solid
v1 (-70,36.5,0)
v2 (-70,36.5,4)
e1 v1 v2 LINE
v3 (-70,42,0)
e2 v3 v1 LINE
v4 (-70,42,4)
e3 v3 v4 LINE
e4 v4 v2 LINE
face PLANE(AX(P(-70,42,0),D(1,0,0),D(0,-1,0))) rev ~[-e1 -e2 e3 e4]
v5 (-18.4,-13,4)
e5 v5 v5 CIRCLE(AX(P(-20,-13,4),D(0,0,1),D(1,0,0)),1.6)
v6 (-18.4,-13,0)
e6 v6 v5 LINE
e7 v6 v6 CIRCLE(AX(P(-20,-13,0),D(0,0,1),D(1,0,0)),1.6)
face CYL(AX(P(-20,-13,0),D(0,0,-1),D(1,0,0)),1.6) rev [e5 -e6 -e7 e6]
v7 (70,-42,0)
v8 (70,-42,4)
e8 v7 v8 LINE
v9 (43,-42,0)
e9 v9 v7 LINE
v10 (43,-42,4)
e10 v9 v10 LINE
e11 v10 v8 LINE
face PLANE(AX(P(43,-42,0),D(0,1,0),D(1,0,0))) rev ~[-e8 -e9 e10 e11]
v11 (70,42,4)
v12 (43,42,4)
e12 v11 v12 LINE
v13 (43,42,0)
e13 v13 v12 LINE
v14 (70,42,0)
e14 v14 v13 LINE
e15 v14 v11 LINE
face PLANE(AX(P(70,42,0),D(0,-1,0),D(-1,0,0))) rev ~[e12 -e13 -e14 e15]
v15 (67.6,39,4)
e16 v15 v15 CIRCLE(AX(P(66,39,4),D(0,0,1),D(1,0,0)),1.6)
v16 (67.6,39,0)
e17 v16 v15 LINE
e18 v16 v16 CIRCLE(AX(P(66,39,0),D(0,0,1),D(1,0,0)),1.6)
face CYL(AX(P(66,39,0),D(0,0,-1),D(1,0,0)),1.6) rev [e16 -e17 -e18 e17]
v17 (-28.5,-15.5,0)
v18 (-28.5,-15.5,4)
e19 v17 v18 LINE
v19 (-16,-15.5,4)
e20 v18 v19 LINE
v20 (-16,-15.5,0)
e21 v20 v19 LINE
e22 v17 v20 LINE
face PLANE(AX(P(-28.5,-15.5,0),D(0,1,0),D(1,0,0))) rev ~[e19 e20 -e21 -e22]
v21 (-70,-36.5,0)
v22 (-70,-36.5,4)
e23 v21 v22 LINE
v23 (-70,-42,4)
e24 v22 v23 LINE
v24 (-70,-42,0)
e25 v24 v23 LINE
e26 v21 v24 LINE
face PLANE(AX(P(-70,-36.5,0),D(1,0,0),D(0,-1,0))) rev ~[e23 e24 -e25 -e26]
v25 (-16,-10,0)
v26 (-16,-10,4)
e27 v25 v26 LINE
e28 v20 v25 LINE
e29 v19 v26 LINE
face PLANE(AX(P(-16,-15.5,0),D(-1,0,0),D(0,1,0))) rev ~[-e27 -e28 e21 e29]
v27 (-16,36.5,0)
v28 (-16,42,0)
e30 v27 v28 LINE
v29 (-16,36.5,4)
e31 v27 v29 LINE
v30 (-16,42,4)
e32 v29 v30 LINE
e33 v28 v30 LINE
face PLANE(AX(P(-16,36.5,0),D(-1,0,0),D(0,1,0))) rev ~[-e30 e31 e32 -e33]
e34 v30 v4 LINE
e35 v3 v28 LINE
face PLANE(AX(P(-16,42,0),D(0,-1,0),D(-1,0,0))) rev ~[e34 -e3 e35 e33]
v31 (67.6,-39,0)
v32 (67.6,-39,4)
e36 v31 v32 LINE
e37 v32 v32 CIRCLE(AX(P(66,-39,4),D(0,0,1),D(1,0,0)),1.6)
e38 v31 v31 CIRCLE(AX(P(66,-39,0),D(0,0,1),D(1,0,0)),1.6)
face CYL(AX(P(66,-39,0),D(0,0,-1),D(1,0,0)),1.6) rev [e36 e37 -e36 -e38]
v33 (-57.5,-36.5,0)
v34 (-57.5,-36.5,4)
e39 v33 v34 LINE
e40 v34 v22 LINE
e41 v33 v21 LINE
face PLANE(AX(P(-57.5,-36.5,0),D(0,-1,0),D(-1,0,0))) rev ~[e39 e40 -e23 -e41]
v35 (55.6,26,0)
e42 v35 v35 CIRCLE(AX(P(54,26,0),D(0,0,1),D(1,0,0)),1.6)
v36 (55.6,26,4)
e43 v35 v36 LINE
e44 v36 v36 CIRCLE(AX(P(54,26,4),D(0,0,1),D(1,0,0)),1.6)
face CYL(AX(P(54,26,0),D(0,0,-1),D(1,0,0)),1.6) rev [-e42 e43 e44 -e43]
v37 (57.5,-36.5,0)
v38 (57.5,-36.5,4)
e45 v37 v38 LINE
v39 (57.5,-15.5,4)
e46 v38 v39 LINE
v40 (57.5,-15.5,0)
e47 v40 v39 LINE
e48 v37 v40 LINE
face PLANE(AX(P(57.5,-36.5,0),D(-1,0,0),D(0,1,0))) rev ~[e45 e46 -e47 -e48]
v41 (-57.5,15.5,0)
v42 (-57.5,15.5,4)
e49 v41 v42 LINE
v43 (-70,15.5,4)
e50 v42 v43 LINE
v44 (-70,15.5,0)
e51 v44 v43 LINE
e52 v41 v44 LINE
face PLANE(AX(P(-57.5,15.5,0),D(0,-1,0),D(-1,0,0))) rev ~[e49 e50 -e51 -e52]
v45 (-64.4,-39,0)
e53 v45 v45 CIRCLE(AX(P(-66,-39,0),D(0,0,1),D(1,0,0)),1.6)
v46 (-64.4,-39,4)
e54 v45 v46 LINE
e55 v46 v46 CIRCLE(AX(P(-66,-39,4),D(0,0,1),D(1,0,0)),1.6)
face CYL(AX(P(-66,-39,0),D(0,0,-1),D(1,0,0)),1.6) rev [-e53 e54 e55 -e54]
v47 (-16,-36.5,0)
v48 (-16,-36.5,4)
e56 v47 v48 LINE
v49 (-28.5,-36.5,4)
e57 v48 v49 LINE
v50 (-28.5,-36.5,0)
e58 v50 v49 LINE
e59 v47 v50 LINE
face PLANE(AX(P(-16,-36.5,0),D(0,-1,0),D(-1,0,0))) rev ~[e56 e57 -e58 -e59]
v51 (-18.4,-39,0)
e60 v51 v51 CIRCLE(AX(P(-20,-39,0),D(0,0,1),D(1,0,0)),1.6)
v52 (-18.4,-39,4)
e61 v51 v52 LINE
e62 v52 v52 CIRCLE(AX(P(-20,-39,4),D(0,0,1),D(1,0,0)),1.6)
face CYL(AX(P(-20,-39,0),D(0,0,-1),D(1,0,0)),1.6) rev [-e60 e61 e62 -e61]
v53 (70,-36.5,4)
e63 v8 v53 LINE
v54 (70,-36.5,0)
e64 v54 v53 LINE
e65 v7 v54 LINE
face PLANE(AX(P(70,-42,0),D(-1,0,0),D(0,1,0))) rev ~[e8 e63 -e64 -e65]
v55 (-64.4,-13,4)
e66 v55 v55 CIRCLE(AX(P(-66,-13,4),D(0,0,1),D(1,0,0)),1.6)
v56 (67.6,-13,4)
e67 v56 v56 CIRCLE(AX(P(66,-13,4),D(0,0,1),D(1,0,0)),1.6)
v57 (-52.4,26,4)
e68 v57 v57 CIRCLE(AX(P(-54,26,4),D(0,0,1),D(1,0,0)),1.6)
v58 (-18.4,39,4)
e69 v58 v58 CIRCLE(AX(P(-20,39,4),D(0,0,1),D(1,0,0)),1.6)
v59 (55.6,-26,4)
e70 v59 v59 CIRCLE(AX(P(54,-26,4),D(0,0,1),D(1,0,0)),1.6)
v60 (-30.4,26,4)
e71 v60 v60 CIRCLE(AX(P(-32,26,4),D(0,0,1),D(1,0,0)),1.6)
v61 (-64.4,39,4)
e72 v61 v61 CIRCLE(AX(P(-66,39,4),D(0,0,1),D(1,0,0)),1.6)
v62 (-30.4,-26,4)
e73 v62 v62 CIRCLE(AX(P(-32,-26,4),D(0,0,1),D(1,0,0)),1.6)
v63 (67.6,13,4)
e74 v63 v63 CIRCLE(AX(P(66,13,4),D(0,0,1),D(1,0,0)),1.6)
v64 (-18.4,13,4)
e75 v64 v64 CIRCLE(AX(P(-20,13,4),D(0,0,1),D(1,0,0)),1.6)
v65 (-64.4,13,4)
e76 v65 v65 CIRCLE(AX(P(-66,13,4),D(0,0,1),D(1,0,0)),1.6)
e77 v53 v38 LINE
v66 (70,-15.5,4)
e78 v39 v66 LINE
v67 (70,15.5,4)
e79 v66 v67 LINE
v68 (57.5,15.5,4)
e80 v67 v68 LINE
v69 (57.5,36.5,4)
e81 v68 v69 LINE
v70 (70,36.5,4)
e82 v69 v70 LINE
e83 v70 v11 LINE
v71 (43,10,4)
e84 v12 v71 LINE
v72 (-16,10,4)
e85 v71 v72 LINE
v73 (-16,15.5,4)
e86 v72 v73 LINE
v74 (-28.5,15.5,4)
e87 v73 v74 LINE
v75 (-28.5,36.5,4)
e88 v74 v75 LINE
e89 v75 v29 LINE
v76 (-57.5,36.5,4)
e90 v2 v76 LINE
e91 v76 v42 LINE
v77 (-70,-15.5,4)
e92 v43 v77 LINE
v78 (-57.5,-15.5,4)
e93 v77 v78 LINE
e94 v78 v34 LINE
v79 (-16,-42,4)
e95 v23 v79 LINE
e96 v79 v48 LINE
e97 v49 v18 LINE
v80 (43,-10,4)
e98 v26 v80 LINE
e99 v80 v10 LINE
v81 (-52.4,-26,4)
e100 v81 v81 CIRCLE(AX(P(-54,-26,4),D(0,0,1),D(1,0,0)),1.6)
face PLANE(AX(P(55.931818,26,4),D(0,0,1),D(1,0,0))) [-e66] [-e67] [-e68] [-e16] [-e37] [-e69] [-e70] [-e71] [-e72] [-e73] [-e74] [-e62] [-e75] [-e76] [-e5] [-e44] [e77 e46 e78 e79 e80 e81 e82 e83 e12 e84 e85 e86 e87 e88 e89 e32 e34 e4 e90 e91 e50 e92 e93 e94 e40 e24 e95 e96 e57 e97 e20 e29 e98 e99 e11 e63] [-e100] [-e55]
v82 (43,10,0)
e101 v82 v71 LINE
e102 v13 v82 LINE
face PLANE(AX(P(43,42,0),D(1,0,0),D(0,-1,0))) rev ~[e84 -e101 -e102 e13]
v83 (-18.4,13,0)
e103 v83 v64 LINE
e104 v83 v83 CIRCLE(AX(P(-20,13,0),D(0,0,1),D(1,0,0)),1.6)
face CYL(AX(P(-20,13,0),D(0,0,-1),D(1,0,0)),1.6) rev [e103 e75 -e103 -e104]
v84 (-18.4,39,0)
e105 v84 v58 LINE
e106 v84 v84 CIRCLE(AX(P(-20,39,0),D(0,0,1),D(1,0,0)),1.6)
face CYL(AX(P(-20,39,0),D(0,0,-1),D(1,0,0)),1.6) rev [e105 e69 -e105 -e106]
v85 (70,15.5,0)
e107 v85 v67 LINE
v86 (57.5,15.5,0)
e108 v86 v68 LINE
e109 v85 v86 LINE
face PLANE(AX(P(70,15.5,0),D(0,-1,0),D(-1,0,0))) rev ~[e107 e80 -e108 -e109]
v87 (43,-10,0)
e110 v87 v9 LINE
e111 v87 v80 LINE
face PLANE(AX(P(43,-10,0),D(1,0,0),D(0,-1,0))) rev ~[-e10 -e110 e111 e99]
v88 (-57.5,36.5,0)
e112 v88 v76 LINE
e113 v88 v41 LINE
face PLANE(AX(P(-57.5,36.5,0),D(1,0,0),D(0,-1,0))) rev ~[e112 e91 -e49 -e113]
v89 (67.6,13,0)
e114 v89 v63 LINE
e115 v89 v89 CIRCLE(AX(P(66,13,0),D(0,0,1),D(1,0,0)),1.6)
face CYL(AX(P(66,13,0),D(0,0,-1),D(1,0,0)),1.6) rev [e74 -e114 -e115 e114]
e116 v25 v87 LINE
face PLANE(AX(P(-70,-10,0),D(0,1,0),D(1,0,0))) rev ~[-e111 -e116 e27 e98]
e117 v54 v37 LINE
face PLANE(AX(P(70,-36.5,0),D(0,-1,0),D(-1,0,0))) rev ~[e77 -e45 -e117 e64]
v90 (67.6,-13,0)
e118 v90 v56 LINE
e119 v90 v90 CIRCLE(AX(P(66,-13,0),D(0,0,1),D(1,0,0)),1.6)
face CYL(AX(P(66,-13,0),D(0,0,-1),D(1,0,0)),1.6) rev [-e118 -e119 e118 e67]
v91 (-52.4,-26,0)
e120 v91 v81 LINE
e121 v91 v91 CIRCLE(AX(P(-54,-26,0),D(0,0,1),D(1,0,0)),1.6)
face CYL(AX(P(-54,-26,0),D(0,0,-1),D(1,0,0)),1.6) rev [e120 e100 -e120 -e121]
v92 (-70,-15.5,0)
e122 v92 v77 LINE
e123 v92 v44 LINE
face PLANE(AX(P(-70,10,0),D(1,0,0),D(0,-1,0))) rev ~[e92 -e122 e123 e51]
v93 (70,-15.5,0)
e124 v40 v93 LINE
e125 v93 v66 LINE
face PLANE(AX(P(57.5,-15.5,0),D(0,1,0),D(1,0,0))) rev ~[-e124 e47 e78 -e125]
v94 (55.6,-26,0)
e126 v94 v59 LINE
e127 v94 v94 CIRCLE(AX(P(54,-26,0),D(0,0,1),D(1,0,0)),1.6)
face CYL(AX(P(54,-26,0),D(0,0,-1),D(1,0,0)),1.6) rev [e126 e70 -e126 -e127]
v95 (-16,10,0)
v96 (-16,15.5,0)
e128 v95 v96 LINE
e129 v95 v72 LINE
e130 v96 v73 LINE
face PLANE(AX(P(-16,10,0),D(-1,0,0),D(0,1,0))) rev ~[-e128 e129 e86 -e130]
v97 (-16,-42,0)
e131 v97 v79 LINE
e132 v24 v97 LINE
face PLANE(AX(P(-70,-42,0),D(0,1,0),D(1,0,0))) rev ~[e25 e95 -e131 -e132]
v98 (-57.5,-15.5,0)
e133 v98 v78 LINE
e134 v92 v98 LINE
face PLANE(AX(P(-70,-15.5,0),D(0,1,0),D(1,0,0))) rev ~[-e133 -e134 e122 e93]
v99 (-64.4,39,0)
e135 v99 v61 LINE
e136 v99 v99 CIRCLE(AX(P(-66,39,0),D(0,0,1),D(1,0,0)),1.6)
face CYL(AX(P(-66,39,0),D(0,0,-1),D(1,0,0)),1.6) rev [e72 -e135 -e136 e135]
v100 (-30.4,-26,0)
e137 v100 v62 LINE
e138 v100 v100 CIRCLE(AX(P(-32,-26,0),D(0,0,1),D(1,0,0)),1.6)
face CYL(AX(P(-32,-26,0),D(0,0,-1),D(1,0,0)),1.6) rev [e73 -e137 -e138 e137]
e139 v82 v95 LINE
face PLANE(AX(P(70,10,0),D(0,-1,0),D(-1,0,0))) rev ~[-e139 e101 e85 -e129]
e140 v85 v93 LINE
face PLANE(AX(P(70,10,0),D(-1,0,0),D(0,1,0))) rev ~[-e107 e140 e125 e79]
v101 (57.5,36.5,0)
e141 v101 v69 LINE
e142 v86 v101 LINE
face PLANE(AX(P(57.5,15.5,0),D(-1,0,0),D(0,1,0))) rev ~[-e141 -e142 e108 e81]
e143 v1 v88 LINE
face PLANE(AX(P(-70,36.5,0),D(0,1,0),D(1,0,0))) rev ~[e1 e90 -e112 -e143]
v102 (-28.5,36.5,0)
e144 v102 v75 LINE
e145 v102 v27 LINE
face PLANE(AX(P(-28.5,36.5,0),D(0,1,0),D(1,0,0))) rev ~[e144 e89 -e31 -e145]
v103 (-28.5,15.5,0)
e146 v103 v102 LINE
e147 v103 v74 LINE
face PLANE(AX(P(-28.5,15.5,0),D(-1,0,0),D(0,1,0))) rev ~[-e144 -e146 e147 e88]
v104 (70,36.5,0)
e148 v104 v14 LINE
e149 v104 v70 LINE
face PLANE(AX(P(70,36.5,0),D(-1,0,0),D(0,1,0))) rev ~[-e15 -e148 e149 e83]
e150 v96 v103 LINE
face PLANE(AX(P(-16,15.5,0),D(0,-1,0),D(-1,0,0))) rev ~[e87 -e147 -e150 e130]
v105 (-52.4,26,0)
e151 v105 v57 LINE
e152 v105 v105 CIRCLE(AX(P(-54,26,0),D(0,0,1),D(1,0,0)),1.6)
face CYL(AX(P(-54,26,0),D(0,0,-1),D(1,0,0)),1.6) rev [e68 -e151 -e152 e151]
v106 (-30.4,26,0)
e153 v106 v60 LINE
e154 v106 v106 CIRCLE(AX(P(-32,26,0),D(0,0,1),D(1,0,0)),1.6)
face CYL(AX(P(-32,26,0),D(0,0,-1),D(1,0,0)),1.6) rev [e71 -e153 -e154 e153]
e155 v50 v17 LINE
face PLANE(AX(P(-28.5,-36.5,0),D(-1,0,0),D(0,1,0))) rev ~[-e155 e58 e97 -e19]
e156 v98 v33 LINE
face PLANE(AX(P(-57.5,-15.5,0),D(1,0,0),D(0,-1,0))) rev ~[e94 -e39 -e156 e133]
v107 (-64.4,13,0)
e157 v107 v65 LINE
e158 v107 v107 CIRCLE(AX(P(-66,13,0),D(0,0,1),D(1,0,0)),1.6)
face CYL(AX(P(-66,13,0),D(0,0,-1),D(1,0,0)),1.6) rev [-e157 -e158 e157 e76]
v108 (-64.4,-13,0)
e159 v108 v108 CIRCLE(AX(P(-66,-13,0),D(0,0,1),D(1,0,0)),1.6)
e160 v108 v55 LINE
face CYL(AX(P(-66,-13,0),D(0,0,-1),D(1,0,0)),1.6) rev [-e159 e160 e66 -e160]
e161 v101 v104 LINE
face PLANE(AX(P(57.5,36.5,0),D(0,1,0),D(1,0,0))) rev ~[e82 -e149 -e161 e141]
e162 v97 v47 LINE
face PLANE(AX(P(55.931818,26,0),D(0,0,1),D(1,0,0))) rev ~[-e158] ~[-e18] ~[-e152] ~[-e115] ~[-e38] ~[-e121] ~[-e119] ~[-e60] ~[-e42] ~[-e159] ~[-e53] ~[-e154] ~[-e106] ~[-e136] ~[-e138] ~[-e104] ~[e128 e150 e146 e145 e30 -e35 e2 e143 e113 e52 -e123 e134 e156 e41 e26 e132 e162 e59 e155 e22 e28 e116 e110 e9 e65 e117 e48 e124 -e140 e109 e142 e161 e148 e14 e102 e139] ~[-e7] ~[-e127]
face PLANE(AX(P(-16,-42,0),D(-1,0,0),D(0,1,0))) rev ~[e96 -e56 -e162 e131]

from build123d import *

# Parameters (mm, degrees)
SKETCH_3_R      = 1.6
EXTRUDE_2_DEPTH = 4


with BuildPart() as part:
    # Эскиз3 → Бобышка-Вытянуть2 (new body)
    # profile 1 of 6: a face of its own
    with BuildSketch(Plane.XY):
        Polygon((-16, -10), (-70, -10), (-70, -15.5), (-57.5, -15.5), (-57.5, -36.5), (-70, -36.5), (-70, -42), (-16, -42), (-16, -36.5), (-28.5, -36.5), (-28.5, -15.5), (-16, -15.5), align=None)
        with Locations((-66, -39)):
            Circle(SKETCH_3_R, mode=Mode.SUBTRACT)
        with Locations((-54, -26)):
            Circle(SKETCH_3_R, mode=Mode.SUBTRACT)
        with Locations((-20, -39)):
            Circle(SKETCH_3_R, mode=Mode.SUBTRACT)
        with Locations((-32, -26)):
            Circle(SKETCH_3_R, mode=Mode.SUBTRACT)
        with Locations((-66, -13)):
            Circle(SKETCH_3_R, mode=Mode.SUBTRACT)
        with Locations((-20, -13)):
            Circle(SKETCH_3_R, mode=Mode.SUBTRACT)
    # profile 2 of 6: a face of its own
    with BuildSketch(Plane.XY):
        Polygon((70, -10), (43, -10), (43, -42), (70, -42), (70, -36.5), (57.5, -36.5), (57.5, -15.5), (70, -15.5), align=None)
        with Locations((66, -39)):
            Circle(SKETCH_3_R, mode=Mode.SUBTRACT)
        with Locations((54, -26)):
            Circle(SKETCH_3_R, mode=Mode.SUBTRACT)
        with Locations((66, -13)):
            Circle(SKETCH_3_R, mode=Mode.SUBTRACT)
    # profile 3 of 6: a face of its own
    with BuildSketch(Plane.XY):
        Polygon((-70, 10), (-70, -10), (-16, -10), (43, -10), (70, -10), (70, 10), (43, 10), (-16, 10), (-43, 10), align=None)
    # profile 4 of 6: a face of its own
    with BuildSketch(Plane.XY):
        Polygon((-43, 42), (-43, 10), (-16, 10), (-16, 15.5), (-28.5, 15.5), (-28.5, 36.5), (-16, 36.5), (-16, 42), align=None)
        with Locations((-20, 13)):
            Circle(SKETCH_3_R, mode=Mode.SUBTRACT)
        with Locations((-32, 26)):
            Circle(SKETCH_3_R, mode=Mode.SUBTRACT)
        with Locations((-20, 39)):
            Circle(SKETCH_3_R, mode=Mode.SUBTRACT)
    # profile 5 of 6: a face of its own
    with BuildSketch(Plane.XY):
        Polygon((-70, 15.5), (-70, 10), (-43, 10), (-43, 42), (-70, 42), (-70, 36.5), (-57.5, 36.5), (-57.5, 15.5), align=None)
        with Locations((-66, 13)):
            Circle(SKETCH_3_R, mode=Mode.SUBTRACT)
        with Locations((-54, 26)):
            Circle(SKETCH_3_R, mode=Mode.SUBTRACT)
        with Locations((-66, 39)):
            Circle(SKETCH_3_R, mode=Mode.SUBTRACT)
    # profile 6 of 6: a face of its own
    with BuildSketch(Plane.XY):
        Polygon((43, 10), (70, 10), (70, 15.5), (57.5, 15.5), (57.5, 36.5), (70, 36.5), (70, 42), (43, 42), align=None)
        with Locations((66, 13)):
            Circle(SKETCH_3_R, mode=Mode.SUBTRACT)
        with Locations((54, 26)):
            Circle(SKETCH_3_R, mode=Mode.SUBTRACT)
        with Locations((66, 39)):
            Circle(SKETCH_3_R, mode=Mode.SUBTRACT)
    extrude(amount=EXTRUDE_2_DEPTH)


solid = part.part
